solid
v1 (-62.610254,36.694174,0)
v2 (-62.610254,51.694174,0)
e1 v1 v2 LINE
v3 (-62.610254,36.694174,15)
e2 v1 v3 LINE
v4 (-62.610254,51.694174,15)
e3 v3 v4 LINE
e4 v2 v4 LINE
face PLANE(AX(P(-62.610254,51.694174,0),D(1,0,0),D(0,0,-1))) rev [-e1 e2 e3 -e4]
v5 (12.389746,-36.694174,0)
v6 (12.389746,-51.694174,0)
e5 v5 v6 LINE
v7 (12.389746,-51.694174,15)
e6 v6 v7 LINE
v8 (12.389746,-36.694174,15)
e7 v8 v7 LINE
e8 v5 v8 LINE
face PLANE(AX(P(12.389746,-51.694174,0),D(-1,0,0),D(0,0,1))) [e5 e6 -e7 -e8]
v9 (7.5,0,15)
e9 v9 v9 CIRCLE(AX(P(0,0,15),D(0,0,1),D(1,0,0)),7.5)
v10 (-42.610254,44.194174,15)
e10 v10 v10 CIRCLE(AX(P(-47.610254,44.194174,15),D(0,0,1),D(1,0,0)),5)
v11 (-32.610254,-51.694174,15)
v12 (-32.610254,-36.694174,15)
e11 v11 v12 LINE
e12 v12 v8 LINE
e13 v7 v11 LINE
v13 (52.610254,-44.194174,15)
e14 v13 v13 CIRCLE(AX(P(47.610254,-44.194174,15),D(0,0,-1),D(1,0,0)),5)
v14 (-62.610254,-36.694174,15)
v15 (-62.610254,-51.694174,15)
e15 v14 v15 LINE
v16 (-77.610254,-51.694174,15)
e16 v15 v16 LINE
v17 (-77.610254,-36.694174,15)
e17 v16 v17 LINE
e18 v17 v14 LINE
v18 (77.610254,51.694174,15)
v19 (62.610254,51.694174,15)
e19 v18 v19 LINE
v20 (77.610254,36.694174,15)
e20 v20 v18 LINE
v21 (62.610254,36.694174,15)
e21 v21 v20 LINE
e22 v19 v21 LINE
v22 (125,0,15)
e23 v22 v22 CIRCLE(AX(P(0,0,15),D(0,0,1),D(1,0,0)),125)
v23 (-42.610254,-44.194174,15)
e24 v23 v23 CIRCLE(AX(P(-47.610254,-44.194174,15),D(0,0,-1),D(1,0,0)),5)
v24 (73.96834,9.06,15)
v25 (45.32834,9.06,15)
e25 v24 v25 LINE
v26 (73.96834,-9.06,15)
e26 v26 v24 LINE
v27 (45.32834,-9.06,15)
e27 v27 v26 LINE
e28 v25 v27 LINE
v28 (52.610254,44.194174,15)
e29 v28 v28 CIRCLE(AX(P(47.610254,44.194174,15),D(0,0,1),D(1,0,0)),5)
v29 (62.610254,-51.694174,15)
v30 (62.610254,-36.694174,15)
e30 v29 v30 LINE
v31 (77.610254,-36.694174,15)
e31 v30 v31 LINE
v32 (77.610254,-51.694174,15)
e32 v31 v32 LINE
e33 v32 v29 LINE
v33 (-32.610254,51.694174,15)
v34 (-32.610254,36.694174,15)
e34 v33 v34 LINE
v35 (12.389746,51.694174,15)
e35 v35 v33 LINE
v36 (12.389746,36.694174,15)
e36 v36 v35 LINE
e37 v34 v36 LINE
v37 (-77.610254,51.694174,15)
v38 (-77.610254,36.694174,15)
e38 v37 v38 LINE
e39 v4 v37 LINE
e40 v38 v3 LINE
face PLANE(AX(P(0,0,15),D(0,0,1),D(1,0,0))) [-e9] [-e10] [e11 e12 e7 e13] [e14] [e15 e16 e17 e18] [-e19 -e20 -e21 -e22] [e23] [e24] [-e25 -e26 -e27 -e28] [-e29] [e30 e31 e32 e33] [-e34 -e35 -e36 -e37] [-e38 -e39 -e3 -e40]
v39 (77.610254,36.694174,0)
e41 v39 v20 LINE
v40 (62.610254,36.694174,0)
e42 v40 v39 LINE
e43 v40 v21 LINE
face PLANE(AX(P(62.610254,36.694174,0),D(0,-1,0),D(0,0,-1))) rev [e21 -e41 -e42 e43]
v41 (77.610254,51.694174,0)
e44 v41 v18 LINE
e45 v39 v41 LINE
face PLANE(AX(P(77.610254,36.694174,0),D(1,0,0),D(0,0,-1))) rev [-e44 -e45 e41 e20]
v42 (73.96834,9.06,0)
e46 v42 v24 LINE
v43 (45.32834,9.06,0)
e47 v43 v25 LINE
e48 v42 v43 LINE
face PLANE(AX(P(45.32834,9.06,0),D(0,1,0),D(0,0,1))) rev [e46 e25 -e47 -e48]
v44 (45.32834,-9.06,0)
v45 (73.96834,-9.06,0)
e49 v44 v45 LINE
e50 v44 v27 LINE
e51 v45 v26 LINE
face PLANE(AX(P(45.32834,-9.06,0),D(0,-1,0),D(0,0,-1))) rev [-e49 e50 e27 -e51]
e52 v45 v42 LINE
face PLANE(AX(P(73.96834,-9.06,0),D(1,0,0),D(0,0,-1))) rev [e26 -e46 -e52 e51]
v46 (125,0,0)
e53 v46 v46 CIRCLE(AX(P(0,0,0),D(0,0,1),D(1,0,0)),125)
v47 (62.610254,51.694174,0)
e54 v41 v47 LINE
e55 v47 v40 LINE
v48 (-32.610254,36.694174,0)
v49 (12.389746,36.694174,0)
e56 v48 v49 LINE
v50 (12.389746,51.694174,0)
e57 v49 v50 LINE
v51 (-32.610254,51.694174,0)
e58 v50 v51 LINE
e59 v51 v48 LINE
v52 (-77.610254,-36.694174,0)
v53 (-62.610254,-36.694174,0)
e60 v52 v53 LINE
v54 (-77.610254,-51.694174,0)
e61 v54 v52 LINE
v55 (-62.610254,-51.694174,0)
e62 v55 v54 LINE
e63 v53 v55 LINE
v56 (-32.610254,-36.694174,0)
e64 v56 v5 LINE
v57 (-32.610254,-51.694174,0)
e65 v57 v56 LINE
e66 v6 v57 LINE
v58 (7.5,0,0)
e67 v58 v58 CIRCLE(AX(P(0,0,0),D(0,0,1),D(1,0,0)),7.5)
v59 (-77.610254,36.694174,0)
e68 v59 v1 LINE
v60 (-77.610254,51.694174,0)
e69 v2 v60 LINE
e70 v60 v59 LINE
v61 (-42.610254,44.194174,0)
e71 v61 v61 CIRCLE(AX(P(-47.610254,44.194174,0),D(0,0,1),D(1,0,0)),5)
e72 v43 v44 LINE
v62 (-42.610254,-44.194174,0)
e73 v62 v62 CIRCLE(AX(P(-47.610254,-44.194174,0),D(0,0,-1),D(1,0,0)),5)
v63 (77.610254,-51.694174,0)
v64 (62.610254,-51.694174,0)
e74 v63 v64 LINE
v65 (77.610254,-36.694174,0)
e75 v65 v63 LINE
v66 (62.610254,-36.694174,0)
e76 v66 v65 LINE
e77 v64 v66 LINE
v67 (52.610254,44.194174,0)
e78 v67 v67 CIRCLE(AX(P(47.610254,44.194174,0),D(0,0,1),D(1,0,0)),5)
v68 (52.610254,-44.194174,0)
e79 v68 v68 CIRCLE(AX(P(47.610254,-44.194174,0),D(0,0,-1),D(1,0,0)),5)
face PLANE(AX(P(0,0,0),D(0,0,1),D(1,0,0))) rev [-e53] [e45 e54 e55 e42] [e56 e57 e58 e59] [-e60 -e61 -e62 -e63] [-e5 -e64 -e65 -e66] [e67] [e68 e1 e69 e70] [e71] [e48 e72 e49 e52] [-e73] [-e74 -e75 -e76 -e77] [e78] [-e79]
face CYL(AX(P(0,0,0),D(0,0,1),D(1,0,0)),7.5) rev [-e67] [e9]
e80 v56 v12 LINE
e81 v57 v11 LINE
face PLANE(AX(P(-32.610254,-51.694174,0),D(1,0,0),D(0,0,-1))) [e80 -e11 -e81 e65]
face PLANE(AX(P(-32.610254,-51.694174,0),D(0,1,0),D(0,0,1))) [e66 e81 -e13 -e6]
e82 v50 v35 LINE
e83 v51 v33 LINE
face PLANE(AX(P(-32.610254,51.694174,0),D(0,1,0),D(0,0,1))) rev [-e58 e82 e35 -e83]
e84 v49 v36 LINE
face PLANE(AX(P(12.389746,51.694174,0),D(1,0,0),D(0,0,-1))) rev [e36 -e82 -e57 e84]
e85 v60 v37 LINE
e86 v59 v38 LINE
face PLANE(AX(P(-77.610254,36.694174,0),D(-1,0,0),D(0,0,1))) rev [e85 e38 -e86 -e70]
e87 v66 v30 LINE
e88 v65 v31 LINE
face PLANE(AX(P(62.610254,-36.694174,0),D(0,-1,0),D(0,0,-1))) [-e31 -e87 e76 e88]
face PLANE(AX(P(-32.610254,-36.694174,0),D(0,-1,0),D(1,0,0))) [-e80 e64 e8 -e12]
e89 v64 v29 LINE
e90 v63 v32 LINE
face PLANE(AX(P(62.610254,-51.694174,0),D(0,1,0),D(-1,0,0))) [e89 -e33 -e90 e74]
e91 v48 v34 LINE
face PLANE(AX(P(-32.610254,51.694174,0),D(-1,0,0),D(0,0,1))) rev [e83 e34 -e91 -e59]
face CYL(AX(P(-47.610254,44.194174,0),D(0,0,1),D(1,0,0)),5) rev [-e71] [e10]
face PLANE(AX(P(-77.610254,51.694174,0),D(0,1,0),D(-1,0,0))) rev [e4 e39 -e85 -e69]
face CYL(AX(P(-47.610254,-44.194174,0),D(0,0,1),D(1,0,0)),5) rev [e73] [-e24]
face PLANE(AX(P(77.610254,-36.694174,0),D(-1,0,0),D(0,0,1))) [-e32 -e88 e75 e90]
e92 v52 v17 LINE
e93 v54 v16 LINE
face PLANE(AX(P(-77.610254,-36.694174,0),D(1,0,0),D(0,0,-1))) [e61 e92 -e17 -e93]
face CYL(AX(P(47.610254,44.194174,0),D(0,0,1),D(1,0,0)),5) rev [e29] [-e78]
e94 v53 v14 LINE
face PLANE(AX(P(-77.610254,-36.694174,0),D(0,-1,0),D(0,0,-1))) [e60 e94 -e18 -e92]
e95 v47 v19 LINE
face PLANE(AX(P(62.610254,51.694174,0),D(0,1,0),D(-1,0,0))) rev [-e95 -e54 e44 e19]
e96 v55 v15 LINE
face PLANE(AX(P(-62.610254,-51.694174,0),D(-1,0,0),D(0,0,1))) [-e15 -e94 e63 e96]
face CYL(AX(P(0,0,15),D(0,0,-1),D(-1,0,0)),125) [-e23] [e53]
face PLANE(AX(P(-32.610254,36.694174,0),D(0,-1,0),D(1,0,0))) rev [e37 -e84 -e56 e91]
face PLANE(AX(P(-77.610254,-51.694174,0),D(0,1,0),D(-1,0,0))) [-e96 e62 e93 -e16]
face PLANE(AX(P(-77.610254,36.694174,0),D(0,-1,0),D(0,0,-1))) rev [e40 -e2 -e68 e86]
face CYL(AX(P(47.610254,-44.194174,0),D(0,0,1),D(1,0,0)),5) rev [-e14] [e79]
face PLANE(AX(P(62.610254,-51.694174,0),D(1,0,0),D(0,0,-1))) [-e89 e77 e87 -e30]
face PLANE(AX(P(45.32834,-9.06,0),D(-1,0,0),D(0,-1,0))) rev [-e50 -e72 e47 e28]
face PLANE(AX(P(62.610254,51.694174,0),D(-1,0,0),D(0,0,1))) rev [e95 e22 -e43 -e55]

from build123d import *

# Parameters (mm, degrees)
ESQUISSE1_R             = 125
BOSS_EXTRU_1_DEPTH      = 15
ESQUISSE2_R             = 7.5
ESQUISSE2_R_2           = 5
ESQUISSE2_W             = 15
ESQUISSE2_H             = 15
ESQUISSE2_W_2           = 28.64
ESQUISSE2_H_2           = 18.12
ESQUISSE2_W_3           = 45
ENL_V_MAT_EXTRU_1_DEPTH = 178.411949992


with BuildPart() as part:
    # Esquisse1 → Boss.-Extru.1 (new body)
    with BuildSketch(Plane.XY):
        Circle(ESQUISSE1_R)
    extrude(amount=BOSS_EXTRU_1_DEPTH)

    # Esquisse2 → Enlèv. mat.-Extru.1 (cut, through all)
    with BuildSketch(Plane.XY.offset(15)):
        Circle(ESQUISSE2_R)
        with Locations((47.610253526, 44.194173824)):
            Circle(ESQUISSE2_R_2)
        with Locations((-47.610253526, 44.194173824)):
            Circle(ESQUISSE2_R_2)
        with Locations((70.110253526, 44.194173824)):
            Rectangle(ESQUISSE2_W, ESQUISSE2_H)
        with Locations((-70.110253526, 44.194173824)):
            Rectangle(ESQUISSE2_W, ESQUISSE2_H)
        with Locations((59.648339804, 0)):
            Rectangle(ESQUISSE2_W_2, ESQUISSE2_H_2)
        with Locations((-10.110253526, 44.194173824)):
            Rectangle(ESQUISSE2_W_3, ESQUISSE2_H)
    enl_v_mat_extru_1 = extrude(amount=-ENL_V_MAT_EXTRU_1_DEPTH, mode=Mode.SUBTRACT)

    # Symétrie1: Enlèv. mat.-Extru.1 across plane
    add(enl_v_mat_extru_1.mirror(Plane.ZX), mode=Mode.SUBTRACT)


solid = part.part
